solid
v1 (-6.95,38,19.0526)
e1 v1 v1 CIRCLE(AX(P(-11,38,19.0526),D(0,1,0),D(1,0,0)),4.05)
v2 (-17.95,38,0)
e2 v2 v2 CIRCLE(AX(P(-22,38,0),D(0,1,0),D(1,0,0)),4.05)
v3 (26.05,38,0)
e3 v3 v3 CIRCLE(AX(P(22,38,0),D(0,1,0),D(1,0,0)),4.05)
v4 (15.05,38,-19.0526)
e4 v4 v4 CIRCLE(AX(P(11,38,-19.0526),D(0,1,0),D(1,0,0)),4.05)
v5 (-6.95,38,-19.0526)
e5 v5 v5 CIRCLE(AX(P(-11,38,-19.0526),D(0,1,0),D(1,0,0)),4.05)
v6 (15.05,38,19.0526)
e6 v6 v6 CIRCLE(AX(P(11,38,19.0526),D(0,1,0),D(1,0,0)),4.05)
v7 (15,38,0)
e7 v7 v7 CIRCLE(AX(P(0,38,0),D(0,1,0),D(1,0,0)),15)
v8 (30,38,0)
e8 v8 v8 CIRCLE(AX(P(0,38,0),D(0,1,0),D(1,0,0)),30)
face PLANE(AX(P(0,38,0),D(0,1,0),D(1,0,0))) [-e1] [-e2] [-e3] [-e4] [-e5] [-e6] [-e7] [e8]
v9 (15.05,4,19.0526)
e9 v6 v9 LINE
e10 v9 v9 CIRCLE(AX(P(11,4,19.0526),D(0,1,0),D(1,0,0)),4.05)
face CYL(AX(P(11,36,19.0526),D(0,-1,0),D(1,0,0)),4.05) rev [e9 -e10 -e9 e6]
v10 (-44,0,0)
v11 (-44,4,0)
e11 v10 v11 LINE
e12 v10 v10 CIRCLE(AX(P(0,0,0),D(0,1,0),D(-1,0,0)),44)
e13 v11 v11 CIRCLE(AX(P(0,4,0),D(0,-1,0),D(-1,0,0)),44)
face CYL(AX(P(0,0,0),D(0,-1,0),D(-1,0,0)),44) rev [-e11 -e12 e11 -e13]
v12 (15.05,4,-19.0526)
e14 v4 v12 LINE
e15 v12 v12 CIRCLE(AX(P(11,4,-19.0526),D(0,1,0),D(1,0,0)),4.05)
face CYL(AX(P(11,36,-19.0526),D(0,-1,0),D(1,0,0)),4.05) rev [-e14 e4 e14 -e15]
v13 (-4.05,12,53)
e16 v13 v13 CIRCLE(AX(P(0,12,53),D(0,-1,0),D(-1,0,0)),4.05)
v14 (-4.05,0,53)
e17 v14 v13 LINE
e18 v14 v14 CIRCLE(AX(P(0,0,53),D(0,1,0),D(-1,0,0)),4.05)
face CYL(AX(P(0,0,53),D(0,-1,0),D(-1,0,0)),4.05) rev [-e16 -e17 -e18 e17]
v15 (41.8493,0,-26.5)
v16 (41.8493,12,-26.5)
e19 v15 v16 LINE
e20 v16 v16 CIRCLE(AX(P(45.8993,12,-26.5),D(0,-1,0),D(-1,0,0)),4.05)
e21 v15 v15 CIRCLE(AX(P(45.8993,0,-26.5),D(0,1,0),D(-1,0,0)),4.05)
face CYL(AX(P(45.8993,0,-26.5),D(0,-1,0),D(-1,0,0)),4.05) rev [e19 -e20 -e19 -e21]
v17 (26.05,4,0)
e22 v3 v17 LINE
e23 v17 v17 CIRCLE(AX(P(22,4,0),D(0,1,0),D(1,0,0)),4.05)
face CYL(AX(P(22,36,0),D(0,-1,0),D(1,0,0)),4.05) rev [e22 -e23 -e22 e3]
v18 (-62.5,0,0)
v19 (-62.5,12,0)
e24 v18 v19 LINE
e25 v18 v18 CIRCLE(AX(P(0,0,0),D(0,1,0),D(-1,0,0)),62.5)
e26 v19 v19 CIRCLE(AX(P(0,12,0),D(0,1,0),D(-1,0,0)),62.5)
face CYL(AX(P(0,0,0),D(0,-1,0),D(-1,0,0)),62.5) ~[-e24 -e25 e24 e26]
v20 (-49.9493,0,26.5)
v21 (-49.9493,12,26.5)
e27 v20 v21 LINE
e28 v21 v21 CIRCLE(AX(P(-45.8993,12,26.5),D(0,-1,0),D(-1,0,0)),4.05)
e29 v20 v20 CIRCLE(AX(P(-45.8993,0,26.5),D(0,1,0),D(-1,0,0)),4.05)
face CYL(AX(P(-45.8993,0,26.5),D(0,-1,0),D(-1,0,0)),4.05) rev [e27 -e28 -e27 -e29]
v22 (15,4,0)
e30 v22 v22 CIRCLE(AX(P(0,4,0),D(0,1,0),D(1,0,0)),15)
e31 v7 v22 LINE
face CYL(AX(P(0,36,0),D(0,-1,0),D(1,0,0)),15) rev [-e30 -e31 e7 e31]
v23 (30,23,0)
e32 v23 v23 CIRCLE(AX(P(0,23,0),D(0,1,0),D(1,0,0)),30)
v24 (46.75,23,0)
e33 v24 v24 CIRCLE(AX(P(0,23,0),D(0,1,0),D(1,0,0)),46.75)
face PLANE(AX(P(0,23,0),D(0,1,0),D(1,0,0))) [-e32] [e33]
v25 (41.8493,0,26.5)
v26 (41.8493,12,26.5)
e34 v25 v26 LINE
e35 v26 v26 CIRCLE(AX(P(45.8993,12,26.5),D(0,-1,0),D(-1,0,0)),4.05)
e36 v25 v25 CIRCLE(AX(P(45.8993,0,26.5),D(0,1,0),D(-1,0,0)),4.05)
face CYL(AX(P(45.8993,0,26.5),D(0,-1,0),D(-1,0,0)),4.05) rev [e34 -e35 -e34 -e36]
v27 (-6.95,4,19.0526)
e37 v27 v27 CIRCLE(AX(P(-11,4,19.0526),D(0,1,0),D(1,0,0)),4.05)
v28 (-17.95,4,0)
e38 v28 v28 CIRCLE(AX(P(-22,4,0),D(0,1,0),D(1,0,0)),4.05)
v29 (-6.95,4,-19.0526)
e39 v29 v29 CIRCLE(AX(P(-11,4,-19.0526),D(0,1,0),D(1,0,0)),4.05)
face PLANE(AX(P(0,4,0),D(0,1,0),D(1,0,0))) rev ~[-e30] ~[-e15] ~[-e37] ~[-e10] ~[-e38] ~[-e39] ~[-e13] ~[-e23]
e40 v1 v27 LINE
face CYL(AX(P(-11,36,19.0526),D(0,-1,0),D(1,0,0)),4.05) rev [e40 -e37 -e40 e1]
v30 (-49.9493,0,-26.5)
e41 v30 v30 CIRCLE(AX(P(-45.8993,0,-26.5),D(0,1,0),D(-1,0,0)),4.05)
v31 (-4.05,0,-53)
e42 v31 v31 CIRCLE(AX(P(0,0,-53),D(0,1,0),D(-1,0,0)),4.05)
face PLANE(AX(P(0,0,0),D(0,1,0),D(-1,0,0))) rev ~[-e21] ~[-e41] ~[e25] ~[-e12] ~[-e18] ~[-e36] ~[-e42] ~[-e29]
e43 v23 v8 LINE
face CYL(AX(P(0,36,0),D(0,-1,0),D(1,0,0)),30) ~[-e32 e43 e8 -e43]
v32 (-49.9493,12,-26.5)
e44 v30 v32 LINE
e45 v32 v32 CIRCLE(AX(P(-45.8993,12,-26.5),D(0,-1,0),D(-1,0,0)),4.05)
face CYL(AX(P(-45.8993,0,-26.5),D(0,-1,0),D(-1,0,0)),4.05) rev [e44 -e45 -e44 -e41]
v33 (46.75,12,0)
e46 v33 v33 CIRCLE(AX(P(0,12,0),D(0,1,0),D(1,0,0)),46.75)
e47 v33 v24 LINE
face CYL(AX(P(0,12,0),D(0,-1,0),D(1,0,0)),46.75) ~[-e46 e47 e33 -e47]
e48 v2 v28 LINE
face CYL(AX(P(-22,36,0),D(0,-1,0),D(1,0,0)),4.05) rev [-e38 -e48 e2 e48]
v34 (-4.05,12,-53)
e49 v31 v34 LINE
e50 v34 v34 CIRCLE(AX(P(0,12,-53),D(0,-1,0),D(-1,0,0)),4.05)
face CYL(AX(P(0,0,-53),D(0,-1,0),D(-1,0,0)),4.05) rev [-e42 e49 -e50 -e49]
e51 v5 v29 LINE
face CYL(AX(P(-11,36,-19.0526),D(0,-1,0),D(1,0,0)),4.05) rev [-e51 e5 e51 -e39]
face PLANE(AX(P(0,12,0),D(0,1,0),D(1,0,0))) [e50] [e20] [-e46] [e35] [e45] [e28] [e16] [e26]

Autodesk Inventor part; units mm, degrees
ref_plane "YZ Plane" through (0, 0, 0) normal (1, 0, 0) x (0, 1, 0)
ref_plane "XZ Plane" through (0, 0, 0) normal (0, 1, 0) x (-1, 0, 0)
ref_plane "XY Plane" through (0, 0, 0) normal (0, 0, 1) x (1, 0, 0)
sketch "Sketch1" plane through (0, 0, 0) normal (0, 1, 0) x (-1, 0, 0)
  circle A0 centre (0, 0) radius 62.5
  circle A1 centre (0, 0) radius 53
  circle A2 centre (0, -53) radius 4.05
  circle A3 centre (0, 0) radius 44
  circle A4 centre (45.8993, -26.5) radius 4.05
  circle A5 centre (45.8993, 26.5) radius 4.05
  circle A6 centre (0, 53) radius 4.05
  circle A7 centre (-45.8993, 26.5) radius 4.05
  circle A8 centre (-45.8993, -26.5) radius 4.05
  dimension "d1" = 106
  dimension "d0" = 125
  dimension "d4" = 360
  dimension "d18" = 8.1
extrude "Extrusion1" add sketch "Sketch1" along normal blind 12 contours A0 | A1 A4 A2 A8 A7 A6 A5
sketch "Sketch2" plane through (0, 12, 0) normal (0, 1, 0) x (1, 0, 0)
  circle A0 centre (0, 0) radius 44 projected
  circle A1 centre (0, 0) radius 15
  circle A2 centre (-22, 0) radius 4.05
  circle A3 centre (-11, -19.0526) radius 4.05
  circle A4 centre (11, -19.0526) radius 4.05
  circle A5 centre (22, 0) radius 4.05
  circle A6 centre (11, 19.0526) radius 4.05
  circle A7 centre (-11, 19.0526) radius 4.05
  dimension "d8" = 30
  dimension "d11" = 22
  dimension "d12" = 8.1
  dimension "d15" = 360
extrude "Extrusion2" add sketch "Sketch2" against normal blind 8
sketch "Sketch3" plane through (0, 12, 0) normal (0, 1, 0) x (1, 0, 0)
  circle A0 centre (0, 0) radius 30
  circle A1 centre (0, 0) radius 15 projected
  circle A2 centre (-22, 0) radius 4.05 projected
  circle A3 centre (-11, -19.0526) radius 4.05 projected
  circle A4 centre (11, -19.0526) radius 4.05 projected
  circle A5 centre (22, 0) radius 4.05 projected
  circle A6 centre (11, 19.0526) radius 4.05 projected
  circle A7 centre (-11, 19.0526) radius 4.05 projected
  circle A8 centre (0, 0) radius 62.5 projected
  circle A9 centre (0, 53) radius 4.05 projected
  circle A10 centre (-45.8993, 26.5) radius 4.05 projected
  circle A11 centre (-45.8993, -26.5) radius 4.05 projected
  circle A12 centre (0, -53) radius 4.05 projected
  circle A13 centre (45.8993, -26.5) radius 4.05 projected
  circle A14 centre (45.8993, 26.5) radius 4.05 projected
  dimension "d17" = 60
extrude "Extrusion3" add sketch "Sketch3" along normal blind 24 contours A0
sketch "Sketch4" plane through (0, 12, 0) normal (0, 1, 0) x (1, 0, 0)
  circle A0 centre (0, 0) radius 46.75
  circle A1 centre (0, 0) radius 44 projected
  circle A2 centre (0, 0) radius 30 projected
  circle A3 centre (0, 0) radius 62.5 projected
  circle A4 centre (0, 53) radius 4.05 projected
  circle A5 centre (-45.8993, 26.5) radius 4.05 projected
  circle A6 centre (-45.8993, -26.5) radius 4.05 projected
  circle A7 centre (0, -53) radius 4.05 projected
  circle A8 centre (45.8993, -26.5) radius 4.05 projected
  circle A9 centre (45.8993, 26.5) radius 4.05 projected
  dimension "d24" = 93.5
extrude "Extrusion4" add sketch "Sketch4" along normal blind 11 contours A0 | A1
sketch "Sketch5" plane through (0, 36, 0) normal (0, 1, 0) x (1, 0, 0)
  circle A0 centre (0, 0) radius 30 projected
  circle A1 centre (-11, 19.0526) radius 4.05 projected
  circle A2 centre (11, 19.0526) radius 4.05 projected
  circle A3 centre (22, 0) radius 4.05 projected
  circle A4 centre (11, -19.0526) radius 4.05 projected
  circle A5 centre (-11, -19.0526) radius 4.05 projected
  circle A6 centre (-22, 0) radius 4.05 projected
  circle A7 centre (0, 0) radius 15 projected
extrude "Extrusion5" add sketch "Sketch5" along normal blind 2
properties part number "OnPatronFlanech"
